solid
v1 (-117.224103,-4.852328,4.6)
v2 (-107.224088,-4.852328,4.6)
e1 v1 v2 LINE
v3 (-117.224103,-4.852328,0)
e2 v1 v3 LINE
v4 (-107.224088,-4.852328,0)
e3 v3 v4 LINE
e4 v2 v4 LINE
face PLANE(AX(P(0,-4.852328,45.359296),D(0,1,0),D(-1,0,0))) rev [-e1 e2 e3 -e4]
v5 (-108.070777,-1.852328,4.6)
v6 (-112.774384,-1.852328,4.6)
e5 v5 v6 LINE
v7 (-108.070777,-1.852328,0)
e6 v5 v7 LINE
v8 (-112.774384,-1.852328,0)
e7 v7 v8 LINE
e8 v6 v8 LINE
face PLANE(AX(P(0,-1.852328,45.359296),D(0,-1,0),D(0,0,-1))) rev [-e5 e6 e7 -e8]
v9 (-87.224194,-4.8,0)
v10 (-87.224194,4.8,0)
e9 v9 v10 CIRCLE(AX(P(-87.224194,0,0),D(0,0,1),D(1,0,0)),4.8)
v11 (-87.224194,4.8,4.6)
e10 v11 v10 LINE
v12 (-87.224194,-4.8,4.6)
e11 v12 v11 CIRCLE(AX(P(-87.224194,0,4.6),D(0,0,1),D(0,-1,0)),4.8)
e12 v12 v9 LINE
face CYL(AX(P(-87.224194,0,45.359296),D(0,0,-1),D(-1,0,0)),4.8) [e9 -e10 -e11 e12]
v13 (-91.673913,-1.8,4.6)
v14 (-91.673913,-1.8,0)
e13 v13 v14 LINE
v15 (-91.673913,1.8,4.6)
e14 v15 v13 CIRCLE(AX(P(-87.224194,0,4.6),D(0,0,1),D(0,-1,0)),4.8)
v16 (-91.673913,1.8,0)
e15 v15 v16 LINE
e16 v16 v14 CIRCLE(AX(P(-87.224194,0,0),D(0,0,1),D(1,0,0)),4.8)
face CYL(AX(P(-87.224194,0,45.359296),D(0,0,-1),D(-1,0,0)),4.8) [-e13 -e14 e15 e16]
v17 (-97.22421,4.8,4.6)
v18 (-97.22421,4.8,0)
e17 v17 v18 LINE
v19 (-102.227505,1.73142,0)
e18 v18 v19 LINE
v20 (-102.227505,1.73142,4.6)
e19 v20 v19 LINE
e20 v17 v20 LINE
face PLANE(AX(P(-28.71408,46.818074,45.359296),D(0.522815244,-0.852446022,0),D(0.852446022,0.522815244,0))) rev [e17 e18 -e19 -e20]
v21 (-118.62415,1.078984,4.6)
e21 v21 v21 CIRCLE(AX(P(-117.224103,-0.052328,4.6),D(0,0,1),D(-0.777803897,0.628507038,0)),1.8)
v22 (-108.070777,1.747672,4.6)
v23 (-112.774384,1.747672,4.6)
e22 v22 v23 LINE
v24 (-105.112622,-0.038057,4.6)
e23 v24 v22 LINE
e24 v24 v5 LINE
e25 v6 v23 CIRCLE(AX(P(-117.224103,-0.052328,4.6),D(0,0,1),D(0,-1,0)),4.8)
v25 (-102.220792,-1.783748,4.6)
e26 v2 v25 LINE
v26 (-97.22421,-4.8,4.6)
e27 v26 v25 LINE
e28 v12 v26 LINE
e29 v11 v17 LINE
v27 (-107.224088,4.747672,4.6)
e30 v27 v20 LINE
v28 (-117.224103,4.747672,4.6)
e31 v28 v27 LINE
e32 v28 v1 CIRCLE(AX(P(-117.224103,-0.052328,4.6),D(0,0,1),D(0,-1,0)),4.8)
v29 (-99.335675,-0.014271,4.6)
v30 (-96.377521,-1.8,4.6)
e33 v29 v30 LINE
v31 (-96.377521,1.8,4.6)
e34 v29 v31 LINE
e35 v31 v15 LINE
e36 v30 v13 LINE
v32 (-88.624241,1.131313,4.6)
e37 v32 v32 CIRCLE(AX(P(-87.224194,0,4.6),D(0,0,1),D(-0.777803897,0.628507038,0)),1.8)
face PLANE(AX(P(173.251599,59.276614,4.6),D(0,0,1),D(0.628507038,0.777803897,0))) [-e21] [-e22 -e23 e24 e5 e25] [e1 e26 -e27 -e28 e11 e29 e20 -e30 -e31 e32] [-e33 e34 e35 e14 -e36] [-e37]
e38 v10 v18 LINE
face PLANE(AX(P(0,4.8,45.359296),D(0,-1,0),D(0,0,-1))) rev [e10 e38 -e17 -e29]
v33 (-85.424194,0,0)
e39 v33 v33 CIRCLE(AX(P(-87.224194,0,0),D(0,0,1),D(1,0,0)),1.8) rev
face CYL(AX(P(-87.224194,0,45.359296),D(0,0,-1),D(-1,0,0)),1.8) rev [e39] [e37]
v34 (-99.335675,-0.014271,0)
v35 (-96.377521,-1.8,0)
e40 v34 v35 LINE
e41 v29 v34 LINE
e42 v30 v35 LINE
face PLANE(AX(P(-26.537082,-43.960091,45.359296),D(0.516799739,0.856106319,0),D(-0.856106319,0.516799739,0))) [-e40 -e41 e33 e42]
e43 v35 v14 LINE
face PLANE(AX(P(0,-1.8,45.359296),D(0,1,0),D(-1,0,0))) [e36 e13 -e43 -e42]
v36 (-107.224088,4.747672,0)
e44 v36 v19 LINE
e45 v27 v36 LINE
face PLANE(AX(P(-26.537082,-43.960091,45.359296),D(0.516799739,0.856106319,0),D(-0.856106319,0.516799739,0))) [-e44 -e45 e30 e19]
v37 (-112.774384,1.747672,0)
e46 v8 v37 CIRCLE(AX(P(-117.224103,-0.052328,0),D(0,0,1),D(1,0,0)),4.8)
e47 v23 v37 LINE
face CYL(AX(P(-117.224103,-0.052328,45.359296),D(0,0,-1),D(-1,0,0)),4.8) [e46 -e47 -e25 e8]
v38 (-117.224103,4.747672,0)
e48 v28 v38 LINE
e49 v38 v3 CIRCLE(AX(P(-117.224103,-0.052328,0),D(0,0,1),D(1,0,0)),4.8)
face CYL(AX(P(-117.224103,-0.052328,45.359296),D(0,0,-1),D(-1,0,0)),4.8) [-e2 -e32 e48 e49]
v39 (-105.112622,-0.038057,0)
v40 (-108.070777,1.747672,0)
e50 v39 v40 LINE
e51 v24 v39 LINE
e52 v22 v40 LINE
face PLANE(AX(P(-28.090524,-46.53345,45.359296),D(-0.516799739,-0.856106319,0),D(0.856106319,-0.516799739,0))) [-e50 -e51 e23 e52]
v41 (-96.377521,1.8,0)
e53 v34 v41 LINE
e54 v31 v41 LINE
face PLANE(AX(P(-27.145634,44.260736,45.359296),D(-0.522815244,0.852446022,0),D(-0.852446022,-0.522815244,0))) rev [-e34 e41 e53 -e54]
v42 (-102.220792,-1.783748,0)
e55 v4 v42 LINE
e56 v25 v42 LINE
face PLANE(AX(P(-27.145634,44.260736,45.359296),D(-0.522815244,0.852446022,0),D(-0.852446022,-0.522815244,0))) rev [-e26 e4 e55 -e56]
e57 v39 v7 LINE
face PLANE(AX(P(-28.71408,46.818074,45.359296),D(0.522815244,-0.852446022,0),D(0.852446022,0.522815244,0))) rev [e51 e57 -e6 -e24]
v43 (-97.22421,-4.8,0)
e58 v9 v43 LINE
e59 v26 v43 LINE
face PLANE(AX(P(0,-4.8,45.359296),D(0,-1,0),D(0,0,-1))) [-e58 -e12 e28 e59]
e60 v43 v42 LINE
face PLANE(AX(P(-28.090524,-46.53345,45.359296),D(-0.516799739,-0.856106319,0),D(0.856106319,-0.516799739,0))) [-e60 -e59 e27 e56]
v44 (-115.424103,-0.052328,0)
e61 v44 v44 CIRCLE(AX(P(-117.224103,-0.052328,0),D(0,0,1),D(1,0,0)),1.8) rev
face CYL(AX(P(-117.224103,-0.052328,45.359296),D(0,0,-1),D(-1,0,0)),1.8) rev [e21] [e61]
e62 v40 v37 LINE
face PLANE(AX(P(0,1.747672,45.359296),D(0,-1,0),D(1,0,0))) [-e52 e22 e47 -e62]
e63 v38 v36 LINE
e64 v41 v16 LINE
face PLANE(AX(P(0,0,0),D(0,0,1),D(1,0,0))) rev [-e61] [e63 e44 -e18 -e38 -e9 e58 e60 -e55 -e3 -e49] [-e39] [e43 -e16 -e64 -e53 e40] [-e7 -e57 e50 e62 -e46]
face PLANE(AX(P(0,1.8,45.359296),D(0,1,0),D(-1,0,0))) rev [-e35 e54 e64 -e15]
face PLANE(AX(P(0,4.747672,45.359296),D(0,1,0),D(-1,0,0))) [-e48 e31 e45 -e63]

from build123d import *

# Parameters (mm, degrees)
SKETCH2_R           = 4.8
SKETCH2_R_2         = 1.8
BOSS_EXTRUDE1_DEPTH = 4.6


with BuildPart() as part:
    # Sketch2 → Boss-Extrude1 (new body)
    # profile 1 of 3: a face of its own
    with BuildSketch(Plane.XY):
        with Locations((-117.224103079, -0.052328238)):
            Circle(SKETCH2_R)
        with Locations(Location((-117.224103079, -0.052328238, 0), (0, 0, 141.059939776))):
            Circle(SKETCH2_R_2, mode=Mode.SUBTRACT)
    # profile 2 of 3: a face of its own
    with BuildSketch(Plane.XY):
        with BuildLine():
            ThreePointArc((-112.774383987, -1.852328238), (-114.540821506, -4.032277987), (-117.224103079, -4.852328238))
            Line((-117.224103079, -4.852328238), (-107.224087867, -4.852328238))
            Line((-107.224087867, -4.852328238), (-102.220792221, -1.783747748))
            Line((-102.220792221, -1.783747748), (-97.224209567, -4.8))
            Line((-97.224209567, -4.8), (-87.224194355, -4.8))
            ThreePointArc((-87.224194355, -4.8), (-89.907475928, -3.979949748), (-91.673913447, -1.8))
            Line((-91.673913447, -1.8), (-96.377520534, -1.8))
            Line((-96.377520534, -1.8), (-99.335675261, -0.014271338))
            Line((-99.335675261, -0.014271338), (-96.377520534, 1.8))
            Line((-96.377520534, 1.8), (-91.673913447, 1.8))
            ThreePointArc((-91.673913447, 1.8), (-89.907475928, 3.979949748), (-87.224194355, 4.8))
            Line((-87.224194355, 4.8), (-97.224209567, 4.8))
            Line((-97.224209567, 4.8), (-102.227505213, 1.731419509))
            Line((-102.227505213, 1.731419509), (-107.224087867, 4.747671762))
            Line((-107.224087867, 4.747671762), (-117.224103079, 4.747671762))
            ThreePointArc((-117.224103079, 4.747671762), (-114.540821506, 3.92762151), (-112.774383987, 1.747671762))
            Line((-112.774383987, 1.747671762), (-108.0707769, 1.747671762))
            Line((-108.0707769, 1.747671762), (-105.112622173, -0.0380569))
            Line((-105.112622173, -0.0380569), (-108.0707769, -1.852328238))
            Line((-108.0707769, -1.852328238), (-112.774383987, -1.852328238))
        make_face()
    # profile 3 of 3: a face of its own
    with BuildSketch(Plane.XY):
        with Locations((-87.224194355, 0)):
            Circle(SKETCH2_R)
        with Locations(Location((-87.224194355, 0, 0), (0, 0, 141.059939776))):
            Circle(SKETCH2_R_2, mode=Mode.SUBTRACT)
    extrude(amount=BOSS_EXTRUDE1_DEPTH)


solid = part.part
